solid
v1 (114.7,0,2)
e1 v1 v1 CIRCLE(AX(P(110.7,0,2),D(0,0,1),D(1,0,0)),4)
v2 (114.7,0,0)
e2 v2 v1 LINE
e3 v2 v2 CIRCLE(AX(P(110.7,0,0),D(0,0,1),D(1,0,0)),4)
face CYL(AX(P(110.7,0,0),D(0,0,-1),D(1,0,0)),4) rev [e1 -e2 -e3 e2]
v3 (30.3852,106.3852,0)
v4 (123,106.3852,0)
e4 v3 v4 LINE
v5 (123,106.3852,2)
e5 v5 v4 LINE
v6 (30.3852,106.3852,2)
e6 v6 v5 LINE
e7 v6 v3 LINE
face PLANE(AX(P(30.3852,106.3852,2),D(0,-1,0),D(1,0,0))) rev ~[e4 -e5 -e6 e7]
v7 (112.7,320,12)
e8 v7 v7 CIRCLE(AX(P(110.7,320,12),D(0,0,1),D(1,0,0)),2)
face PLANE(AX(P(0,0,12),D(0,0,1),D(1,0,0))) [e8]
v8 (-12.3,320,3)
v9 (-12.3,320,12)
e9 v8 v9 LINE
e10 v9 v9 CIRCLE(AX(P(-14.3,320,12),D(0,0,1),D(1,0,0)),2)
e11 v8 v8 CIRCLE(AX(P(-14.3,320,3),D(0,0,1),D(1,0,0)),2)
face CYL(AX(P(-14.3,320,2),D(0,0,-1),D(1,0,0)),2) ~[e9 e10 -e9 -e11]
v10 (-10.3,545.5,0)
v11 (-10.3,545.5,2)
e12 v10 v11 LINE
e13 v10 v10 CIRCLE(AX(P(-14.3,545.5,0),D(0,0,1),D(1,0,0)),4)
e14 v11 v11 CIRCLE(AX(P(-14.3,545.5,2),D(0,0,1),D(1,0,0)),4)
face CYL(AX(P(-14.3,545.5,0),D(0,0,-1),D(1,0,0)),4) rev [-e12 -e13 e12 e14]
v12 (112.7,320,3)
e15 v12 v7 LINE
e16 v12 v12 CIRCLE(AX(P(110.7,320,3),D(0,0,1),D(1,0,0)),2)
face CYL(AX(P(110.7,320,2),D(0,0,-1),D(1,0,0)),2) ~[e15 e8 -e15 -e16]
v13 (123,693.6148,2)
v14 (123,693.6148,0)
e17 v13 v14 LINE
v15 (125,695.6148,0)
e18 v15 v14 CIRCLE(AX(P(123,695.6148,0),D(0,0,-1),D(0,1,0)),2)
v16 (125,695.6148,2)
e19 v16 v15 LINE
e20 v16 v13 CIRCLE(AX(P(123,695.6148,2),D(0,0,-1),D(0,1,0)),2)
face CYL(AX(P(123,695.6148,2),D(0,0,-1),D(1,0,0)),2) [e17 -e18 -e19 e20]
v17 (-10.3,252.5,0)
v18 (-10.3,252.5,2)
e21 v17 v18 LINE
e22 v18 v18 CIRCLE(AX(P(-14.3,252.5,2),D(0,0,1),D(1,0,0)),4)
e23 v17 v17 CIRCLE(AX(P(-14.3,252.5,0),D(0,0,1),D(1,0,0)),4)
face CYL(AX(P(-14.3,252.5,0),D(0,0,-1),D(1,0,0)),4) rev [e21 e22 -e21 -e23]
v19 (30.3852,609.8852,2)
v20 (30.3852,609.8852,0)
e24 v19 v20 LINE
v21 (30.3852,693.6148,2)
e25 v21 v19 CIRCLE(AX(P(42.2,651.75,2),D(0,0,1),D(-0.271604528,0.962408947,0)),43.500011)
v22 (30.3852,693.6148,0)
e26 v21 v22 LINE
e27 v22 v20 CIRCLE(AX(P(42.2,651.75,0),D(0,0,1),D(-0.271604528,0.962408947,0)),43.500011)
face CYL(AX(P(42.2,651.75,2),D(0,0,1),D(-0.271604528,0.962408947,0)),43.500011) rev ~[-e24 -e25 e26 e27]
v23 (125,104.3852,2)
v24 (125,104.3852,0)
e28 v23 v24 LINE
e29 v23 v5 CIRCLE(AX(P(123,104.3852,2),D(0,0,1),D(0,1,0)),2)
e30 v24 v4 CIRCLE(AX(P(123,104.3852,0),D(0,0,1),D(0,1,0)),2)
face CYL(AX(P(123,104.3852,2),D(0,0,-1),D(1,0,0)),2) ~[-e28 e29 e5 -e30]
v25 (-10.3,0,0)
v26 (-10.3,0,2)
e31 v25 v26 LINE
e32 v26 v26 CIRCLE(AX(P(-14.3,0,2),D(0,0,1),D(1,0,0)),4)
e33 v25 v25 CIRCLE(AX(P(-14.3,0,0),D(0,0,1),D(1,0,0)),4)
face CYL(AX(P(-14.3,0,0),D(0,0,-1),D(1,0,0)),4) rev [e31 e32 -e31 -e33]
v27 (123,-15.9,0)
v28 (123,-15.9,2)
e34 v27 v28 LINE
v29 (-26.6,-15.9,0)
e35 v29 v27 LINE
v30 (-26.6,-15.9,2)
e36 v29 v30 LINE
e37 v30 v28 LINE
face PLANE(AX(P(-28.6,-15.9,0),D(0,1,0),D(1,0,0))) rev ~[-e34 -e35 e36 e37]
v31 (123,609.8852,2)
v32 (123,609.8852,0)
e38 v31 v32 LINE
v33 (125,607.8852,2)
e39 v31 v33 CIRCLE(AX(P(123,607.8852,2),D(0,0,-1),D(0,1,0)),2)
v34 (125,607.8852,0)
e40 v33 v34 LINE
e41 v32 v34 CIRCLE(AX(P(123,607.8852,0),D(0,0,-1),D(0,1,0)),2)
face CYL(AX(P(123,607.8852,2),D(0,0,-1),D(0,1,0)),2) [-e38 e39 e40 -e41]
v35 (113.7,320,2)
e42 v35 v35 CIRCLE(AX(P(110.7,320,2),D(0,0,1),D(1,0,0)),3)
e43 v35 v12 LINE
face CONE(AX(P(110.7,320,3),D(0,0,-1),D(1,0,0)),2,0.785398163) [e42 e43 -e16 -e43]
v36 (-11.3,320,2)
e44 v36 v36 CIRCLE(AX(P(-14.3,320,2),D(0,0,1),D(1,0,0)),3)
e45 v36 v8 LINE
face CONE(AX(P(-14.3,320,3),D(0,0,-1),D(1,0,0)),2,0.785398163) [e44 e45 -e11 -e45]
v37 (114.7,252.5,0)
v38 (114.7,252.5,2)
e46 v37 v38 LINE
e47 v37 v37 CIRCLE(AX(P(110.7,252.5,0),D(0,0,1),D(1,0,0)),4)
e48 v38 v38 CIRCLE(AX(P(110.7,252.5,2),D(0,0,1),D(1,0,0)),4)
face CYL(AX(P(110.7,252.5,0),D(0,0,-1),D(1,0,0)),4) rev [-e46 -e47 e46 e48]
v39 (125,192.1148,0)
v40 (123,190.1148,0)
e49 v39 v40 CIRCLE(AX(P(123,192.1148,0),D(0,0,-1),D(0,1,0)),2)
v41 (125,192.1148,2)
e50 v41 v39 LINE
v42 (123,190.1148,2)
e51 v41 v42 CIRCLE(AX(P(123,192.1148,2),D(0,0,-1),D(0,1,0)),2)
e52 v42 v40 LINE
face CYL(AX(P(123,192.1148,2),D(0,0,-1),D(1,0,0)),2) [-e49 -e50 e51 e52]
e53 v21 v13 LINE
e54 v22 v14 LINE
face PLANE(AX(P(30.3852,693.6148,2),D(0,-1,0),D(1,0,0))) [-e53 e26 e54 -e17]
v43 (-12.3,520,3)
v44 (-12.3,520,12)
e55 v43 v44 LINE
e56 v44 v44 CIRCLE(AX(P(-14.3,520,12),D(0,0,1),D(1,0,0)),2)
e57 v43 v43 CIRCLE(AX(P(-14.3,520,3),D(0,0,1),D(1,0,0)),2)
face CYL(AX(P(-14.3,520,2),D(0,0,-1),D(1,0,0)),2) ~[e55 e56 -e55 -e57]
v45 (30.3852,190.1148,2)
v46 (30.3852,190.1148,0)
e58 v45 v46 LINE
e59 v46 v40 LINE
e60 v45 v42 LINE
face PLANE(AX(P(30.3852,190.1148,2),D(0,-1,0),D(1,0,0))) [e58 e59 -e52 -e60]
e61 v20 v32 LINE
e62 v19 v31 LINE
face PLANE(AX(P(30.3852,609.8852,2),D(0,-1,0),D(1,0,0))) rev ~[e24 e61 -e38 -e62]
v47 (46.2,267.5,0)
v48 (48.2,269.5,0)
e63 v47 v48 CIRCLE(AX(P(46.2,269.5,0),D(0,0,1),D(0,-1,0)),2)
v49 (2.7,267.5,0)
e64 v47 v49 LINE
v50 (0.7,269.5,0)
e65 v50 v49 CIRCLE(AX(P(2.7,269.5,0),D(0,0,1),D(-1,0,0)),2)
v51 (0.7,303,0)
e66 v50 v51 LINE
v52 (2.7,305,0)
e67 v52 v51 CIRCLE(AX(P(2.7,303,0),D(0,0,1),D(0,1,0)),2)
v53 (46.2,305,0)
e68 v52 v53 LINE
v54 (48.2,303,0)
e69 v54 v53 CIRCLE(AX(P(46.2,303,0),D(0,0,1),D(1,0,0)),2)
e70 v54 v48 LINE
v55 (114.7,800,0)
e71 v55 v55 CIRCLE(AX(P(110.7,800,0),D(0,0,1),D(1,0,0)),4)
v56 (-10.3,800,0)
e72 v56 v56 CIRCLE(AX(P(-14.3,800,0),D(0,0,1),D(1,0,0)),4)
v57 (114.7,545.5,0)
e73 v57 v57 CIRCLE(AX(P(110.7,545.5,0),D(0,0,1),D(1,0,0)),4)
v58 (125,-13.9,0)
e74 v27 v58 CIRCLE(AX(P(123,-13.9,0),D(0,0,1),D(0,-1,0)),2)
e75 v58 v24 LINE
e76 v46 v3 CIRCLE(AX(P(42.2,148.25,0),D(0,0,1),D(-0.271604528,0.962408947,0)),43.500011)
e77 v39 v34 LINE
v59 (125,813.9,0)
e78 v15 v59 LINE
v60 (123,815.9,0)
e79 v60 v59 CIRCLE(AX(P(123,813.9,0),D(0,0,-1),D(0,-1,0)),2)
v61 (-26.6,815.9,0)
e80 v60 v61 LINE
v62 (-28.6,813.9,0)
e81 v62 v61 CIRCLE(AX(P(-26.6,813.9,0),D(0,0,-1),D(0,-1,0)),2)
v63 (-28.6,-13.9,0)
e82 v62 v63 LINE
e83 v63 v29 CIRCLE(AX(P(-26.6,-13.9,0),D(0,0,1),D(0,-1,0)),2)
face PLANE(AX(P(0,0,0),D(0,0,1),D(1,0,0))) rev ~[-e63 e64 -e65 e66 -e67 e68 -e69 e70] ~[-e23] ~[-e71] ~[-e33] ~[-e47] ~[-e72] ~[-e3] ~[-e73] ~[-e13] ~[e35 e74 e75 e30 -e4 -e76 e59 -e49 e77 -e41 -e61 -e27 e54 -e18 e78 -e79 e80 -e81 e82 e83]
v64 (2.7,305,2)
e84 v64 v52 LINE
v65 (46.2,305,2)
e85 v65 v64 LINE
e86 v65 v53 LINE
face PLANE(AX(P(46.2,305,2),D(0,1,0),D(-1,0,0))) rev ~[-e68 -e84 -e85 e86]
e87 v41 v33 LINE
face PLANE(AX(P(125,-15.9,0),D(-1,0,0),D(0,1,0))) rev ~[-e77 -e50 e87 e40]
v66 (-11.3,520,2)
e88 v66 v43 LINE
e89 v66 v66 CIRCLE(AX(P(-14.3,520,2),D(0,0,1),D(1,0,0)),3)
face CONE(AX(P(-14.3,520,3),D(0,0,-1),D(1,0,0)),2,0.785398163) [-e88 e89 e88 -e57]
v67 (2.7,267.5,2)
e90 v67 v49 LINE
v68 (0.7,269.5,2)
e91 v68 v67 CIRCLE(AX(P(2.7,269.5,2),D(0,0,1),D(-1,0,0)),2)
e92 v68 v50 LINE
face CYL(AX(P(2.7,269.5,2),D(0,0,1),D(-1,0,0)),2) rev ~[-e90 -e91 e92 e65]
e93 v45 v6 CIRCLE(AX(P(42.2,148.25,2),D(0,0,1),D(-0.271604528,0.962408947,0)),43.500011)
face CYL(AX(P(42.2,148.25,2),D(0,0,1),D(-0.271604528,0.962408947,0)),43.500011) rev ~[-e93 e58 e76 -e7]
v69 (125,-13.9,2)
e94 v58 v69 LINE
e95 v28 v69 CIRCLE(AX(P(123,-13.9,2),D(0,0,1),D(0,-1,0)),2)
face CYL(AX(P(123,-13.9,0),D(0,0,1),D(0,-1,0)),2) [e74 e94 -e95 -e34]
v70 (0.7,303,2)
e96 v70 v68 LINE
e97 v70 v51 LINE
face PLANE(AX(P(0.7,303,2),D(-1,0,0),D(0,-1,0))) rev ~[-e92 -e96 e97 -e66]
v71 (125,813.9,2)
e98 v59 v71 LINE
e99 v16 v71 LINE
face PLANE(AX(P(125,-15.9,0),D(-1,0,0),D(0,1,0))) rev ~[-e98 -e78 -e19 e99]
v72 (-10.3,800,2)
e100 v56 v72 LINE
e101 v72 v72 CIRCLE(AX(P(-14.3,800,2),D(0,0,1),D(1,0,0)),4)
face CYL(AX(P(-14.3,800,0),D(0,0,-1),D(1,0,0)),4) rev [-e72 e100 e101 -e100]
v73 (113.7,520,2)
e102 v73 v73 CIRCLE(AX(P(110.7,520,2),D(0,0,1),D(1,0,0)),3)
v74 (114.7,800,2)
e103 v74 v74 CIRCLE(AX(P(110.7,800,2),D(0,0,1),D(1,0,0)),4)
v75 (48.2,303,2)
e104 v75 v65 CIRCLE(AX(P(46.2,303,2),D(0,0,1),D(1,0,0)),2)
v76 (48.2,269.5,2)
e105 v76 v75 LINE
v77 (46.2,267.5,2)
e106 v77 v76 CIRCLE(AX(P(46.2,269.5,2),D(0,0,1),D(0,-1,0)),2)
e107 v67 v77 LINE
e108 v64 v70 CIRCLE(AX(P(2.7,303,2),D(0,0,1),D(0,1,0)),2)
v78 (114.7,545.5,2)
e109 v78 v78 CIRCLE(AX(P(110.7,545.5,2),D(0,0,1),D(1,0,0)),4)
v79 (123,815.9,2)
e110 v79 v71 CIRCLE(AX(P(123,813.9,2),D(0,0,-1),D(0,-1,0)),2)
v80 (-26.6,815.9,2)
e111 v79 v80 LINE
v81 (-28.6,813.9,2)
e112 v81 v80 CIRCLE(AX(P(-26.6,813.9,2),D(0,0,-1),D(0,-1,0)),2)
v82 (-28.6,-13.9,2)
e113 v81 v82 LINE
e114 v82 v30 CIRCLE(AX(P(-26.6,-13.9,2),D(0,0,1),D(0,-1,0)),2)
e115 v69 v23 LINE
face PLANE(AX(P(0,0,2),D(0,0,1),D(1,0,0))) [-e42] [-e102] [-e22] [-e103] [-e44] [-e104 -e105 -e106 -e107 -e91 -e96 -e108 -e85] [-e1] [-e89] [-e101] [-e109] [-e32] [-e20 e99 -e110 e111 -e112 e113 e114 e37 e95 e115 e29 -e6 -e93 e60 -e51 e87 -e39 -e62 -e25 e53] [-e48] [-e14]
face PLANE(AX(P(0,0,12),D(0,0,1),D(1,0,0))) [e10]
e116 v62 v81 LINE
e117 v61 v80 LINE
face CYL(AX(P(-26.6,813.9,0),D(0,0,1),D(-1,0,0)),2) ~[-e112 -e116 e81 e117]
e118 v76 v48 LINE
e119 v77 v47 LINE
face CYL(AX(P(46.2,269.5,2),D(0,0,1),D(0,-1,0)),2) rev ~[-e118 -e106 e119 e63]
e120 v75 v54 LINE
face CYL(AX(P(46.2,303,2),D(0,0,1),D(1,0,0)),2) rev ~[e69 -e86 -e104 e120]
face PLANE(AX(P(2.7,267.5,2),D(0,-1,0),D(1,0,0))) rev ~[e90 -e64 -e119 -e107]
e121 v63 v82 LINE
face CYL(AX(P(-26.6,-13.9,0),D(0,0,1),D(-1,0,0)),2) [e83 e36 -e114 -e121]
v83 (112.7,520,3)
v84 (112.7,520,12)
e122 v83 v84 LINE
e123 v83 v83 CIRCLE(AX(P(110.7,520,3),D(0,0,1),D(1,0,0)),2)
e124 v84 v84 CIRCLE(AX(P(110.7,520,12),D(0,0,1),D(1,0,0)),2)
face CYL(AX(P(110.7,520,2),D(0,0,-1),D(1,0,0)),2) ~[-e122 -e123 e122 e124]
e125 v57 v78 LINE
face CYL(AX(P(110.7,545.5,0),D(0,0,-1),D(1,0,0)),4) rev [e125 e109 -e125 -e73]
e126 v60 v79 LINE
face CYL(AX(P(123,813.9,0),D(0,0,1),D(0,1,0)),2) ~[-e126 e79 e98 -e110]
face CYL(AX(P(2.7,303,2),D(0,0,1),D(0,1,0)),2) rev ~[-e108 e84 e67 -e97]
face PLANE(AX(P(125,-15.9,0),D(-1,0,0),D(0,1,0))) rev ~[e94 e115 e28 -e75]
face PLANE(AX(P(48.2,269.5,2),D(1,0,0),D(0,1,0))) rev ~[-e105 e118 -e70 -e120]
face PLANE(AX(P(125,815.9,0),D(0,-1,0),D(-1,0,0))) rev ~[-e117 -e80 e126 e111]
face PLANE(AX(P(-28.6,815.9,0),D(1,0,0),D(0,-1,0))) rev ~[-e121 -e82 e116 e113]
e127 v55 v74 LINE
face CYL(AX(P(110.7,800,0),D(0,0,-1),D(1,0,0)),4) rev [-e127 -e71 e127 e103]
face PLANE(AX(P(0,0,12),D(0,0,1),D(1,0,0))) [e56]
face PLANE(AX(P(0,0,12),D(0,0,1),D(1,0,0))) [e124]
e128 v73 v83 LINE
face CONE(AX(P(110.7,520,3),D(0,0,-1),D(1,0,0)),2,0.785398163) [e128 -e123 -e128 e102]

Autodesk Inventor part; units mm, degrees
ref_plane "YZ Plane" through (0, 0, 0) normal (1, 0, 0) x (0, 1, 0)
ref_plane "XZ Plane" through (0, 0, 0) normal (0, 1, 0) x (-1, 0, 0)
ref_plane "XY Plane" through (0, 0, 0) normal (0, 0, 1) x (1, 0, 0)
sketch "Sketch1" plane through (0, 0, 0) normal (0, 0, 1) x (1, 0, 0)
  line L0 (-28.6, -15.9) -> (0, -15.9) construction
  line L1 (-28.6, 817.5) -> (-28.6, -17.5) construction
  line L2 (125, 817.5) -> (125, -17.5) construction
  line L3 (96.4, -15.9) -> (125, -15.9) construction
  line L4 (-28.6, 815.9) -> (0, 815.9) construction
  line L5 (96.4, 815.9) -> (125, 815.9) construction
  circle A0 centre (-14.3, 0) radius 2 construction
  circle A1 centre (110.7, 0) radius 2 construction
  circle A2 centre (-14.3, 252.5) radius 2 construction
  circle A3 centre (110.7, 252.5) radius 2 construction
  circle A4 centre (-14.3, 545.5) radius 2 construction
  circle A5 centre (110.7, 545.5) radius 2 construction
  circle A6 centre (-14.3, 800) radius 2 construction
  circle A7 centre (110.7, 800) radius 2 construction
  line L6 (-28.6, -15.9) -> (125, -15.9)
  line L7 (125, -15.9) -> (125, 815.9)
  line L8 (125, 815.9) -> (-28.6, 815.9)
  line L9 (-28.6, 815.9) -> (-28.6, -15.9)
  circle A8 centre (-14.3, 0) radius 4
  circle A9 centre (110.7, 0) radius 4
  circle A10 centre (-14.3, 252.5) radius 4
  circle A11 centre (110.7, 252.5) radius 4
  circle A12 centre (-14.3, 545.5) radius 4
  circle A13 centre (110.7, 545.5) radius 4
  circle A14 centre (-14.3, 800) radius 4
  circle A15 centre (110.7, 800) radius 4
  point P0 (0, 0)
  dimension "d0" = 2
  dimension "d1" = 2
  dimension "d2" = 2
  dimension "d3" = 2
  dimension "d4" = 2
  dimension "d5" = 2
  dimension "d6" = 2
  dimension "d7" = 2
extrude "Extrusion1" add sketch "Sketch1" along normal blind 2
sketch "Sketch2" plane through (0, 0, 2) normal (0, 0, 1) x (1, 0, 0)
  arc A0 (81.2, 144.25) -> (81.2, 152.25) centre (81.2, 148.25) ccw construction
  arc A1 (79.0077, 648.4043) -> (79.0077, 655.0957) centre (81.2, 651.75) ccw construction
  arc A2 (33.1012, 180.4907) -> (33.1012, 116.0093) centre (42.2, 148.25) ccw construction
  arc A3 (33.1012, 683.9907) -> (33.1012, 619.5093) centre (42.2, 651.75) ccw construction
  arc A4 (30.3852, 190.1148) -> (30.3852, 106.3852) centre (42.2, 148.25) ccw
  arc A5 (30.3852, 693.6148) -> (30.3852, 609.8852) centre (42.2, 651.75) ccw
  line L0 (125, -15.9) -> (125, 815.9) construction
  line L1 (30.3852, 106.3852) -> (125, 106.3852)
  line L2 (30.3852, 190.1148) -> (125, 190.1148)
  line L3 (30.3852, 609.8852) -> (125, 609.8852)
  line L4 (30.3852, 693.6148) -> (125, 693.6148)
  line L5 (125, 106.3852) -> (125, 190.1148)
  line L6 (125, 609.8852) -> (125, 693.6148)
  point P0 (0, 0)
  dimension "d10" = 10
  dimension "d11" = 10
  dimension "d16" = 83.7296
  dimension "d17" = 83.7296
  dimension "d18" = 41.8648
  dimension "d19" = 41.8648
extrude "Extrusion2" cut sketch "Sketch2" against normal blind 2
fillet "Fillet1" radius 2 8 edges at (-28.6, -15.9, 1) (125, -15.9, 1) (-28.6, 815.9, 1) (125, 815.9, 1) (125, 693.6148, 1) (125, 609.8852, 1) (125, 106.3852, 1) (125, 190.1148, 1)
sketch "Sketch3" plane through (0, 0, 2) normal (0, 0, 1) x (1, 0, 0)
  arc A0 (123, 190.1148) -> (125, 192.1148) centre (123, 192.1148) ccw construction
  line L0 (125, 192.1148) -> (125, 607.8852) construction
  arc A1 (125, 607.8852) -> (123, 609.8852) centre (123, 607.8852) ccw construction
  line L1 (123, 609.8852) -> (30.3852, 609.8852) construction
  arc A2 (30.3852, 693.6148) -> (30.3852, 609.8852) centre (42.2, 651.75) ccw construction
  line L2 (30.3852, 693.6148) -> (123, 693.6148) construction
  arc A3 (123, 693.6148) -> (125, 695.6148) centre (123, 695.6148) ccw construction
  line L3 (125, 695.6148) -> (125, 813.9) construction
  arc A4 (125, 813.9) -> (123, 815.9) centre (123, 813.9) ccw construction
  line L4 (123, 815.9) -> (-26.6, 815.9) construction
  arc A5 (-26.6, 815.9) -> (-28.6, 813.9) centre (-26.6, 813.9) ccw construction
  line L5 (-28.6, 813.9) -> (-28.6, -13.9) construction
  arc A6 (-28.6, -13.9) -> (-26.6, -15.9) centre (-26.6, -13.9) ccw construction
  line L6 (-26.6, -15.9) -> (123, -15.9) construction
  arc A7 (123, -15.9) -> (125, -13.9) centre (123, -13.9) ccw construction
  line L7 (125, -13.9) -> (125, 104.3852) construction
  arc A8 (125, 104.3852) -> (123, 106.3852) centre (123, 104.3852) ccw construction
  line L8 (123, 106.3852) -> (30.3852, 106.3852) construction
  arc A9 (30.3852, 190.1148) -> (30.3852, 106.3852) centre (42.2, 148.25) ccw construction
  line L9 (30.3852, 190.1148) -> (123, 190.1148) construction
  circle A10 centre (110.7, 800) radius 4 construction
  circle A11 centre (-14.3, 800) radius 4 construction
  circle A12 centre (110.7, 545.5) radius 4 construction
  circle A13 centre (-14.3, 545.5) radius 4 construction
  circle A14 centre (110.7, 252.5) radius 4 construction
  circle A15 centre (-14.3, 252.5) radius 4 construction
  circle A16 centre (110.7, 0) radius 4 construction
  circle A17 centre (-14.3, 0) radius 4 construction
  line L10 (-28.6, 813.9) -> (-28.6, -13.9) construction
  line L11 (-28.6, 400) -> (125, 400) construction
  line L12 (-28.6, 520) -> (125, 520) construction
  circle A18 centre (-14.3, 545.5) radius 4 construction
  line L13 (-28.6, 320) -> (125, 320) construction
  line L14 (-14.3, 545.5) -> (-14.3, 320) construction
  line L15 (110.7, 545.5) -> (110.7, 320) construction
  circle A19 centre (-14.3, 520) radius 2
  circle A20 centre (-14.3, 320) radius 2
  circle A21 centre (110.7, 320) radius 2
  circle A22 centre (110.7, 520) radius 2
  point P0 (0, 0)
  dimension "d24" = 120
  dimension "d25" = 200
  dimension "d26" = 4
  dimension "d27" = 4
  dimension "d28" = 4
  dimension "d29" = 4
extrude "Extrusion3" add sketch "Sketch3" along normal blind 10
chamfer "Chamfer1" distance 1 angle 45 4 edges at (-16.3, 320, 2) (-16.3, 520, 2) (108.7, 520, 2) (108.7, 320, 2)
thread "Thread1" size "M4x0.7" class "6g" standard "ANSI Metric M Profile" full length
thread "Thread2" size "M4x0.7" class "6g" standard "ANSI Metric M Profile" full length
thread "Thread3" size "M4x0.7" class "6g" standard "ANSI Metric M Profile" full length
thread "Thread4" size "M4x0.7" class "6g" standard "ANSI Metric M Profile" full length
sketch "Sketch4" plane through (0, 0, 2) normal (0, 0, 1) x (1, 0, 0)
  circle A0 centre (110.7, 520) radius 3 construction
  circle A1 centre (-14.3, 320) radius 3 construction
  arc A2 (123, 190.1148) -> (125, 192.1148) centre (123, 192.1148) ccw construction
  line L0 (125, 192.1148) -> (125, 607.8852) construction
  arc A3 (125, 607.8852) -> (123, 609.8852) centre (123, 607.8852) ccw construction
  line L1 (123, 609.8852) -> (30.3852, 609.8852) construction
  arc A4 (30.3852, 693.6148) -> (30.3852, 609.8852) centre (42.2, 651.75) ccw construction
  line L2 (30.3852, 693.6148) -> (123, 693.6148) construction
  arc A5 (123, 693.6148) -> (125, 695.6148) centre (123, 695.6148) ccw construction
  line L3 (125, 695.6148) -> (125, 813.9) construction
  arc A6 (125, 813.9) -> (123, 815.9) centre (123, 813.9) ccw construction
  line L4 (123, 815.9) -> (-26.6, 815.9) construction
  arc A7 (-26.6, 815.9) -> (-28.6, 813.9) centre (-26.6, 813.9) ccw construction
  line L5 (-28.6, 813.9) -> (-28.6, -13.9) construction
  arc A8 (-28.6, -13.9) -> (-26.6, -15.9) centre (-26.6, -13.9) ccw construction
  line L6 (-26.6, -15.9) -> (123, -15.9) construction
  arc A9 (123, -15.9) -> (125, -13.9) centre (123, -13.9) ccw construction
  line L7 (125, -13.9) -> (125, 104.3852) construction
  arc A10 (125, 104.3852) -> (123, 106.3852) centre (123, 104.3852) ccw construction
  line L8 (123, 106.3852) -> (30.3852, 106.3852) construction
  arc A11 (30.3852, 190.1148) -> (30.3852, 106.3852) centre (42.2, 148.25) ccw construction
  line L9 (30.3852, 190.1148) -> (123, 190.1148) construction
  circle A12 centre (110.7, 800) radius 4 construction
  circle A13 centre (-14.3, 800) radius 4 construction
  circle A14 centre (110.7, 545.5) radius 4 construction
  circle A15 centre (-14.3, 545.5) radius 4 construction
  circle A16 centre (110.7, 252.5) radius 4 construction
  circle A17 centre (-14.3, 252.5) radius 4 construction
  circle A18 centre (110.7, 0) radius 4 construction
  circle A19 centre (-14.3, 0) radius 4 construction
  circle A20 centre (-14.3, 520) radius 3 construction
  circle A21 centre (110.7, 320) radius 3 construction
  circle A22 centre (-14.3, 320) radius 2 construction
  circle A23 centre (110.7, 252.5) radius 4 construction
  line L10 (110.7, 252.5) -> (-14.3, 252.5) construction
  line L11 (-14.3, 252.5) -> (-14.3, 320) construction
  line L12 (-14.3, 320) -> (110.7, 320) construction
  line L13 (110.7, 320) -> (110.7, 252.5) construction
  line L14 (48.2, 252.5) -> (48.2, 320) construction
  line L15 (0.7, 267.5) -> (95.7, 267.5) construction
  line L16 (95.7, 267.5) -> (95.7, 305) construction
  line L17 (95.7, 305) -> (0.7, 305) construction
  line L18 (0.7, 305) -> (0.7, 267.5) construction
  line L19 (2.7, 267.5) -> (46.2, 267.5)
  line L20 (48.2, 269.5) -> (48.2, 303)
  line L21 (46.2, 305) -> (2.7, 305)
  line L22 (0.7, 303) -> (0.7, 269.5)
  arc A24 (0.7, 269.5) -> (2.7, 267.5) centre (2.7, 269.5) ccw
  arc A25 (2.7, 305) -> (0.7, 303) centre (2.7, 303) ccw
  arc A26 (46.2, 267.5) -> (48.2, 269.5) centre (46.2, 269.5) ccw
  arc A27 (48.2, 303) -> (46.2, 305) centre (46.2, 303) ccw
  point P0 (0, 0)
  point P1 (48.2, 305)
  dimension "d43" = 15
  dimension "d44" = 2
  dimension "d45" = 2
  dimension "d46" = 2
  dimension "d47" = 2
extrude "Extrusion4" cut sketch "Sketch4" against normal up to next
properties part number "Cover_Left"
